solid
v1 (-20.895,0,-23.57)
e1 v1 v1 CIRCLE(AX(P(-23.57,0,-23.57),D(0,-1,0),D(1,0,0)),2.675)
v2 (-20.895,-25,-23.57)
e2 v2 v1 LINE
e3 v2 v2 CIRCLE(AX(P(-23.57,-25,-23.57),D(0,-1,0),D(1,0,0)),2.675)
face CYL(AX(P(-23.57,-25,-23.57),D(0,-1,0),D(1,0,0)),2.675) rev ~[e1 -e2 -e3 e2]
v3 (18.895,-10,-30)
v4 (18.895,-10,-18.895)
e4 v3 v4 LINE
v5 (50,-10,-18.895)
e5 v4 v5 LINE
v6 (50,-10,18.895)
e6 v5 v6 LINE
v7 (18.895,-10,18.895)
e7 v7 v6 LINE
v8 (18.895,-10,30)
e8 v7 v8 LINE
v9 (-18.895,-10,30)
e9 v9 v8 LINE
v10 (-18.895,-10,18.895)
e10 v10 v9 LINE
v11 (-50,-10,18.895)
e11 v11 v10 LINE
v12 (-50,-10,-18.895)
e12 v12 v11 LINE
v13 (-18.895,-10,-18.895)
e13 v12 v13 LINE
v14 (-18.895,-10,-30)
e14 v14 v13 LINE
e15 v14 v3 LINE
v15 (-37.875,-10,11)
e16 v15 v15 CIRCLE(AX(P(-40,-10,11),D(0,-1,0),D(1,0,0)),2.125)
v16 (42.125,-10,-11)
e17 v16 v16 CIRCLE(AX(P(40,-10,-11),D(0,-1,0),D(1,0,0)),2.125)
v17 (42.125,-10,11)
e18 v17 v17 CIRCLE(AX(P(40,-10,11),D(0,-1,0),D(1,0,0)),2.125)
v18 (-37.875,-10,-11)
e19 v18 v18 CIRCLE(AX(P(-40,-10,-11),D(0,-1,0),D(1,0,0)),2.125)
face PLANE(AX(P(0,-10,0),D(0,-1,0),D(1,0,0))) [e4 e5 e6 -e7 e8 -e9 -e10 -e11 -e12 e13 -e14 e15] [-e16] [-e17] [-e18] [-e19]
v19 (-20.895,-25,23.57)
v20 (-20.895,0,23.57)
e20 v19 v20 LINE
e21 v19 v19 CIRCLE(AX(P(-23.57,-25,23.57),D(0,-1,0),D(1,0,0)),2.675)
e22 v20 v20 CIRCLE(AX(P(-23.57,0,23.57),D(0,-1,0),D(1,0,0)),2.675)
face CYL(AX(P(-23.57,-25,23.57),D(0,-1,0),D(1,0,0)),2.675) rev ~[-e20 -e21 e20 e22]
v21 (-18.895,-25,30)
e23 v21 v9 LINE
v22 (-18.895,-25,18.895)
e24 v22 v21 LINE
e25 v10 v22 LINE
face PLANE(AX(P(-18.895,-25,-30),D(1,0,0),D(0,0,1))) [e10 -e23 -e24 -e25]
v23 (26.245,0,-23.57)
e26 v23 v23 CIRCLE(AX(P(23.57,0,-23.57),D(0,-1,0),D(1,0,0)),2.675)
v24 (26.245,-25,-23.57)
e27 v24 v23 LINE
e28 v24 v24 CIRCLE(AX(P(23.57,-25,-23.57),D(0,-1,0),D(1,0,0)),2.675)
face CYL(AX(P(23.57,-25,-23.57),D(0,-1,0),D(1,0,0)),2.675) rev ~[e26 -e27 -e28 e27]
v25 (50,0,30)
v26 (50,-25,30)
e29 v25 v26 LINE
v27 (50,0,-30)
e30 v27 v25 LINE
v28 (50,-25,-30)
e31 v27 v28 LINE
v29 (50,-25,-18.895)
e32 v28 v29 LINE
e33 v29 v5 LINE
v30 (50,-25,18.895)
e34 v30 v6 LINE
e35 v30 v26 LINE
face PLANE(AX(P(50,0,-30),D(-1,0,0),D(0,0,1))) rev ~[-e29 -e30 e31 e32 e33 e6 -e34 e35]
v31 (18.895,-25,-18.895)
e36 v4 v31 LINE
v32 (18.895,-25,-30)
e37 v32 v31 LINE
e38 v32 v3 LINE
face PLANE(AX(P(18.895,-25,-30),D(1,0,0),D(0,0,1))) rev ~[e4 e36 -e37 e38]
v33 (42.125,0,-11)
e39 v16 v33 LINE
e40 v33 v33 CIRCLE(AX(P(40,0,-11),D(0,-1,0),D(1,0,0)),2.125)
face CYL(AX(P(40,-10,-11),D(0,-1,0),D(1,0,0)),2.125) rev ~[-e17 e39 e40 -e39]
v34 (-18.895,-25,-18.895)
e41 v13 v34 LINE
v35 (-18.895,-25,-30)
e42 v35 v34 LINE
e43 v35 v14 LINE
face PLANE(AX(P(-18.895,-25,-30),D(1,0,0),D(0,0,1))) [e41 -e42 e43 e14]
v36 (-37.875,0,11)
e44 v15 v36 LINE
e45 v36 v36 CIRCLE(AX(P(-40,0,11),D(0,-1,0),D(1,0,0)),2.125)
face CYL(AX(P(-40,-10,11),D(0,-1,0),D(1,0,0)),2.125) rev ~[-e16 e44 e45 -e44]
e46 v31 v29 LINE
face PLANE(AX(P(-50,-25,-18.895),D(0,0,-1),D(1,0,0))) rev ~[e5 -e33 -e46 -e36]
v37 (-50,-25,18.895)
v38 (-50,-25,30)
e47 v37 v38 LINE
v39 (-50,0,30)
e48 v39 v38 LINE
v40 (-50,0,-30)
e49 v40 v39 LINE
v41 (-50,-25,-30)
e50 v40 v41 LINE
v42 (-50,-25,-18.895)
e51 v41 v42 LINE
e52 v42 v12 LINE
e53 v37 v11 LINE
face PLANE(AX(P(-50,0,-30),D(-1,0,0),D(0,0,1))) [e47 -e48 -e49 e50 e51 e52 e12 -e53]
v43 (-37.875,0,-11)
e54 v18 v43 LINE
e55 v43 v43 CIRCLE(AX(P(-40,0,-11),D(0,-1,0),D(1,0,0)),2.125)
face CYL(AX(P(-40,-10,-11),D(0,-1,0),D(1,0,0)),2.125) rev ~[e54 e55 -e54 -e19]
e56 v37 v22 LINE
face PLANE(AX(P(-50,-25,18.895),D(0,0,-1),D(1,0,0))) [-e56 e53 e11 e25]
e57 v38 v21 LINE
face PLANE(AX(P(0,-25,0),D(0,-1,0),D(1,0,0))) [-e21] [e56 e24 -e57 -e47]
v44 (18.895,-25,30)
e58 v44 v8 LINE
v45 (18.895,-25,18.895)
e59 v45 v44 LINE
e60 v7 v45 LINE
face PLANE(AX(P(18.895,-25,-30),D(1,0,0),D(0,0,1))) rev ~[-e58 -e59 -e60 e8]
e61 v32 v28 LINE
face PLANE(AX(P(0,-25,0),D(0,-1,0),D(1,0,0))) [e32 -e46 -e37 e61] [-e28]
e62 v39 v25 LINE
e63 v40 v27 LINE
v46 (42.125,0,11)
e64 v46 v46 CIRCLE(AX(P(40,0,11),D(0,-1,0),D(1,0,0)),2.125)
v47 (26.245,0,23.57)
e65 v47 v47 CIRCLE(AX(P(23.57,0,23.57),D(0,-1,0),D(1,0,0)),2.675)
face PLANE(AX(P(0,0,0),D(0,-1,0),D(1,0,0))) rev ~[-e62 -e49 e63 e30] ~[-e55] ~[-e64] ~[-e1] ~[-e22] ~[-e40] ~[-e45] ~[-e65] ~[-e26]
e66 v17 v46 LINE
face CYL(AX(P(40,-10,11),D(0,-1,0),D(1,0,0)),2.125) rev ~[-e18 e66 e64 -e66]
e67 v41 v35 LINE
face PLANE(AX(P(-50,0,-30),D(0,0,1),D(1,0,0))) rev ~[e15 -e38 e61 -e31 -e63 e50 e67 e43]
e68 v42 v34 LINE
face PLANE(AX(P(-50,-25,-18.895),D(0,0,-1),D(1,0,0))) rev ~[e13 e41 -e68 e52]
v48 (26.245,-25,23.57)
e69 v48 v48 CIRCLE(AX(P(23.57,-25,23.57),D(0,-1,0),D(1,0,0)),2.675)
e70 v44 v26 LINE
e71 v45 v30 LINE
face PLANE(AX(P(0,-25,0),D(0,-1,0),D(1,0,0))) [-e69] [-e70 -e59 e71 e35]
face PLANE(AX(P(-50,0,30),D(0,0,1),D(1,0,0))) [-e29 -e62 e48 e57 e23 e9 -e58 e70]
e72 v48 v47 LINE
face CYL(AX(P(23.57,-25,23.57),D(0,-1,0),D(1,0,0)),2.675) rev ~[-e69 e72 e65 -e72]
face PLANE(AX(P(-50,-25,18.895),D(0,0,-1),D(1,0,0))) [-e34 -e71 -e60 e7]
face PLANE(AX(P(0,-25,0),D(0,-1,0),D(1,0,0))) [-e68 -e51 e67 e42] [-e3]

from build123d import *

# Parameters (mm, degrees)
F0_W     = 100
F0_H     = 60
F1_DEPTH = 25
F3_W     = 100
F3_H     = 37.79
F4_DEPTH = 15
F2_R     = 2.675
F5_DEPTH = 25.001
F6_R     = 2.125
F7_DEPTH = 10.001
F8_W     = 37.79
F8_H     = 60
F9_DEPTH = 15


with BuildPart() as f1:
    # F0 (on Front) → F1 (new body)
    with BuildSketch(Plane.XZ):
        Rectangle(F0_W, F0_H)
    extrude(amount=F1_DEPTH)

    # F3 (on face) → F4 (cut)
    with BuildSketch(Plane.XZ.offset(25)):
        Rectangle(F3_W, F3_H)
    extrude(amount=-F4_DEPTH, mode=Mode.SUBTRACT)

    # F2 (on face) → F5 (cut, through all)
    with BuildSketch(Plane.XZ.offset(25)):
        with Locations((-23.57, 23.57)):
            Circle(F2_R)
        with Locations((23.57, 23.57)):
            Circle(F2_R)
        with Locations((-23.57, -23.57)):
            Circle(F2_R)
        with Locations((23.57, -23.57)):
            Circle(F2_R)
    extrude(amount=-F5_DEPTH, mode=Mode.SUBTRACT)

    # F6 (on face) → F7 (cut, through all)
    with BuildSketch(Plane.XZ.offset(10)):
        with Locations((-40, 11)):
            Circle(F6_R)
        with Locations((-40, -11)):
            Circle(F6_R)
        with Locations((40, 11)):
            Circle(F6_R)
        with Locations((40, -11)):
            Circle(F6_R)
    extrude(amount=-F7_DEPTH, mode=Mode.SUBTRACT)

    # F8 (on face) → F9 (cut)
    with BuildSketch(Plane.XZ.offset(25)):
        Rectangle(F8_W, F8_H)
    extrude(amount=-F9_DEPTH, mode=Mode.SUBTRACT)


solid = f1.part
